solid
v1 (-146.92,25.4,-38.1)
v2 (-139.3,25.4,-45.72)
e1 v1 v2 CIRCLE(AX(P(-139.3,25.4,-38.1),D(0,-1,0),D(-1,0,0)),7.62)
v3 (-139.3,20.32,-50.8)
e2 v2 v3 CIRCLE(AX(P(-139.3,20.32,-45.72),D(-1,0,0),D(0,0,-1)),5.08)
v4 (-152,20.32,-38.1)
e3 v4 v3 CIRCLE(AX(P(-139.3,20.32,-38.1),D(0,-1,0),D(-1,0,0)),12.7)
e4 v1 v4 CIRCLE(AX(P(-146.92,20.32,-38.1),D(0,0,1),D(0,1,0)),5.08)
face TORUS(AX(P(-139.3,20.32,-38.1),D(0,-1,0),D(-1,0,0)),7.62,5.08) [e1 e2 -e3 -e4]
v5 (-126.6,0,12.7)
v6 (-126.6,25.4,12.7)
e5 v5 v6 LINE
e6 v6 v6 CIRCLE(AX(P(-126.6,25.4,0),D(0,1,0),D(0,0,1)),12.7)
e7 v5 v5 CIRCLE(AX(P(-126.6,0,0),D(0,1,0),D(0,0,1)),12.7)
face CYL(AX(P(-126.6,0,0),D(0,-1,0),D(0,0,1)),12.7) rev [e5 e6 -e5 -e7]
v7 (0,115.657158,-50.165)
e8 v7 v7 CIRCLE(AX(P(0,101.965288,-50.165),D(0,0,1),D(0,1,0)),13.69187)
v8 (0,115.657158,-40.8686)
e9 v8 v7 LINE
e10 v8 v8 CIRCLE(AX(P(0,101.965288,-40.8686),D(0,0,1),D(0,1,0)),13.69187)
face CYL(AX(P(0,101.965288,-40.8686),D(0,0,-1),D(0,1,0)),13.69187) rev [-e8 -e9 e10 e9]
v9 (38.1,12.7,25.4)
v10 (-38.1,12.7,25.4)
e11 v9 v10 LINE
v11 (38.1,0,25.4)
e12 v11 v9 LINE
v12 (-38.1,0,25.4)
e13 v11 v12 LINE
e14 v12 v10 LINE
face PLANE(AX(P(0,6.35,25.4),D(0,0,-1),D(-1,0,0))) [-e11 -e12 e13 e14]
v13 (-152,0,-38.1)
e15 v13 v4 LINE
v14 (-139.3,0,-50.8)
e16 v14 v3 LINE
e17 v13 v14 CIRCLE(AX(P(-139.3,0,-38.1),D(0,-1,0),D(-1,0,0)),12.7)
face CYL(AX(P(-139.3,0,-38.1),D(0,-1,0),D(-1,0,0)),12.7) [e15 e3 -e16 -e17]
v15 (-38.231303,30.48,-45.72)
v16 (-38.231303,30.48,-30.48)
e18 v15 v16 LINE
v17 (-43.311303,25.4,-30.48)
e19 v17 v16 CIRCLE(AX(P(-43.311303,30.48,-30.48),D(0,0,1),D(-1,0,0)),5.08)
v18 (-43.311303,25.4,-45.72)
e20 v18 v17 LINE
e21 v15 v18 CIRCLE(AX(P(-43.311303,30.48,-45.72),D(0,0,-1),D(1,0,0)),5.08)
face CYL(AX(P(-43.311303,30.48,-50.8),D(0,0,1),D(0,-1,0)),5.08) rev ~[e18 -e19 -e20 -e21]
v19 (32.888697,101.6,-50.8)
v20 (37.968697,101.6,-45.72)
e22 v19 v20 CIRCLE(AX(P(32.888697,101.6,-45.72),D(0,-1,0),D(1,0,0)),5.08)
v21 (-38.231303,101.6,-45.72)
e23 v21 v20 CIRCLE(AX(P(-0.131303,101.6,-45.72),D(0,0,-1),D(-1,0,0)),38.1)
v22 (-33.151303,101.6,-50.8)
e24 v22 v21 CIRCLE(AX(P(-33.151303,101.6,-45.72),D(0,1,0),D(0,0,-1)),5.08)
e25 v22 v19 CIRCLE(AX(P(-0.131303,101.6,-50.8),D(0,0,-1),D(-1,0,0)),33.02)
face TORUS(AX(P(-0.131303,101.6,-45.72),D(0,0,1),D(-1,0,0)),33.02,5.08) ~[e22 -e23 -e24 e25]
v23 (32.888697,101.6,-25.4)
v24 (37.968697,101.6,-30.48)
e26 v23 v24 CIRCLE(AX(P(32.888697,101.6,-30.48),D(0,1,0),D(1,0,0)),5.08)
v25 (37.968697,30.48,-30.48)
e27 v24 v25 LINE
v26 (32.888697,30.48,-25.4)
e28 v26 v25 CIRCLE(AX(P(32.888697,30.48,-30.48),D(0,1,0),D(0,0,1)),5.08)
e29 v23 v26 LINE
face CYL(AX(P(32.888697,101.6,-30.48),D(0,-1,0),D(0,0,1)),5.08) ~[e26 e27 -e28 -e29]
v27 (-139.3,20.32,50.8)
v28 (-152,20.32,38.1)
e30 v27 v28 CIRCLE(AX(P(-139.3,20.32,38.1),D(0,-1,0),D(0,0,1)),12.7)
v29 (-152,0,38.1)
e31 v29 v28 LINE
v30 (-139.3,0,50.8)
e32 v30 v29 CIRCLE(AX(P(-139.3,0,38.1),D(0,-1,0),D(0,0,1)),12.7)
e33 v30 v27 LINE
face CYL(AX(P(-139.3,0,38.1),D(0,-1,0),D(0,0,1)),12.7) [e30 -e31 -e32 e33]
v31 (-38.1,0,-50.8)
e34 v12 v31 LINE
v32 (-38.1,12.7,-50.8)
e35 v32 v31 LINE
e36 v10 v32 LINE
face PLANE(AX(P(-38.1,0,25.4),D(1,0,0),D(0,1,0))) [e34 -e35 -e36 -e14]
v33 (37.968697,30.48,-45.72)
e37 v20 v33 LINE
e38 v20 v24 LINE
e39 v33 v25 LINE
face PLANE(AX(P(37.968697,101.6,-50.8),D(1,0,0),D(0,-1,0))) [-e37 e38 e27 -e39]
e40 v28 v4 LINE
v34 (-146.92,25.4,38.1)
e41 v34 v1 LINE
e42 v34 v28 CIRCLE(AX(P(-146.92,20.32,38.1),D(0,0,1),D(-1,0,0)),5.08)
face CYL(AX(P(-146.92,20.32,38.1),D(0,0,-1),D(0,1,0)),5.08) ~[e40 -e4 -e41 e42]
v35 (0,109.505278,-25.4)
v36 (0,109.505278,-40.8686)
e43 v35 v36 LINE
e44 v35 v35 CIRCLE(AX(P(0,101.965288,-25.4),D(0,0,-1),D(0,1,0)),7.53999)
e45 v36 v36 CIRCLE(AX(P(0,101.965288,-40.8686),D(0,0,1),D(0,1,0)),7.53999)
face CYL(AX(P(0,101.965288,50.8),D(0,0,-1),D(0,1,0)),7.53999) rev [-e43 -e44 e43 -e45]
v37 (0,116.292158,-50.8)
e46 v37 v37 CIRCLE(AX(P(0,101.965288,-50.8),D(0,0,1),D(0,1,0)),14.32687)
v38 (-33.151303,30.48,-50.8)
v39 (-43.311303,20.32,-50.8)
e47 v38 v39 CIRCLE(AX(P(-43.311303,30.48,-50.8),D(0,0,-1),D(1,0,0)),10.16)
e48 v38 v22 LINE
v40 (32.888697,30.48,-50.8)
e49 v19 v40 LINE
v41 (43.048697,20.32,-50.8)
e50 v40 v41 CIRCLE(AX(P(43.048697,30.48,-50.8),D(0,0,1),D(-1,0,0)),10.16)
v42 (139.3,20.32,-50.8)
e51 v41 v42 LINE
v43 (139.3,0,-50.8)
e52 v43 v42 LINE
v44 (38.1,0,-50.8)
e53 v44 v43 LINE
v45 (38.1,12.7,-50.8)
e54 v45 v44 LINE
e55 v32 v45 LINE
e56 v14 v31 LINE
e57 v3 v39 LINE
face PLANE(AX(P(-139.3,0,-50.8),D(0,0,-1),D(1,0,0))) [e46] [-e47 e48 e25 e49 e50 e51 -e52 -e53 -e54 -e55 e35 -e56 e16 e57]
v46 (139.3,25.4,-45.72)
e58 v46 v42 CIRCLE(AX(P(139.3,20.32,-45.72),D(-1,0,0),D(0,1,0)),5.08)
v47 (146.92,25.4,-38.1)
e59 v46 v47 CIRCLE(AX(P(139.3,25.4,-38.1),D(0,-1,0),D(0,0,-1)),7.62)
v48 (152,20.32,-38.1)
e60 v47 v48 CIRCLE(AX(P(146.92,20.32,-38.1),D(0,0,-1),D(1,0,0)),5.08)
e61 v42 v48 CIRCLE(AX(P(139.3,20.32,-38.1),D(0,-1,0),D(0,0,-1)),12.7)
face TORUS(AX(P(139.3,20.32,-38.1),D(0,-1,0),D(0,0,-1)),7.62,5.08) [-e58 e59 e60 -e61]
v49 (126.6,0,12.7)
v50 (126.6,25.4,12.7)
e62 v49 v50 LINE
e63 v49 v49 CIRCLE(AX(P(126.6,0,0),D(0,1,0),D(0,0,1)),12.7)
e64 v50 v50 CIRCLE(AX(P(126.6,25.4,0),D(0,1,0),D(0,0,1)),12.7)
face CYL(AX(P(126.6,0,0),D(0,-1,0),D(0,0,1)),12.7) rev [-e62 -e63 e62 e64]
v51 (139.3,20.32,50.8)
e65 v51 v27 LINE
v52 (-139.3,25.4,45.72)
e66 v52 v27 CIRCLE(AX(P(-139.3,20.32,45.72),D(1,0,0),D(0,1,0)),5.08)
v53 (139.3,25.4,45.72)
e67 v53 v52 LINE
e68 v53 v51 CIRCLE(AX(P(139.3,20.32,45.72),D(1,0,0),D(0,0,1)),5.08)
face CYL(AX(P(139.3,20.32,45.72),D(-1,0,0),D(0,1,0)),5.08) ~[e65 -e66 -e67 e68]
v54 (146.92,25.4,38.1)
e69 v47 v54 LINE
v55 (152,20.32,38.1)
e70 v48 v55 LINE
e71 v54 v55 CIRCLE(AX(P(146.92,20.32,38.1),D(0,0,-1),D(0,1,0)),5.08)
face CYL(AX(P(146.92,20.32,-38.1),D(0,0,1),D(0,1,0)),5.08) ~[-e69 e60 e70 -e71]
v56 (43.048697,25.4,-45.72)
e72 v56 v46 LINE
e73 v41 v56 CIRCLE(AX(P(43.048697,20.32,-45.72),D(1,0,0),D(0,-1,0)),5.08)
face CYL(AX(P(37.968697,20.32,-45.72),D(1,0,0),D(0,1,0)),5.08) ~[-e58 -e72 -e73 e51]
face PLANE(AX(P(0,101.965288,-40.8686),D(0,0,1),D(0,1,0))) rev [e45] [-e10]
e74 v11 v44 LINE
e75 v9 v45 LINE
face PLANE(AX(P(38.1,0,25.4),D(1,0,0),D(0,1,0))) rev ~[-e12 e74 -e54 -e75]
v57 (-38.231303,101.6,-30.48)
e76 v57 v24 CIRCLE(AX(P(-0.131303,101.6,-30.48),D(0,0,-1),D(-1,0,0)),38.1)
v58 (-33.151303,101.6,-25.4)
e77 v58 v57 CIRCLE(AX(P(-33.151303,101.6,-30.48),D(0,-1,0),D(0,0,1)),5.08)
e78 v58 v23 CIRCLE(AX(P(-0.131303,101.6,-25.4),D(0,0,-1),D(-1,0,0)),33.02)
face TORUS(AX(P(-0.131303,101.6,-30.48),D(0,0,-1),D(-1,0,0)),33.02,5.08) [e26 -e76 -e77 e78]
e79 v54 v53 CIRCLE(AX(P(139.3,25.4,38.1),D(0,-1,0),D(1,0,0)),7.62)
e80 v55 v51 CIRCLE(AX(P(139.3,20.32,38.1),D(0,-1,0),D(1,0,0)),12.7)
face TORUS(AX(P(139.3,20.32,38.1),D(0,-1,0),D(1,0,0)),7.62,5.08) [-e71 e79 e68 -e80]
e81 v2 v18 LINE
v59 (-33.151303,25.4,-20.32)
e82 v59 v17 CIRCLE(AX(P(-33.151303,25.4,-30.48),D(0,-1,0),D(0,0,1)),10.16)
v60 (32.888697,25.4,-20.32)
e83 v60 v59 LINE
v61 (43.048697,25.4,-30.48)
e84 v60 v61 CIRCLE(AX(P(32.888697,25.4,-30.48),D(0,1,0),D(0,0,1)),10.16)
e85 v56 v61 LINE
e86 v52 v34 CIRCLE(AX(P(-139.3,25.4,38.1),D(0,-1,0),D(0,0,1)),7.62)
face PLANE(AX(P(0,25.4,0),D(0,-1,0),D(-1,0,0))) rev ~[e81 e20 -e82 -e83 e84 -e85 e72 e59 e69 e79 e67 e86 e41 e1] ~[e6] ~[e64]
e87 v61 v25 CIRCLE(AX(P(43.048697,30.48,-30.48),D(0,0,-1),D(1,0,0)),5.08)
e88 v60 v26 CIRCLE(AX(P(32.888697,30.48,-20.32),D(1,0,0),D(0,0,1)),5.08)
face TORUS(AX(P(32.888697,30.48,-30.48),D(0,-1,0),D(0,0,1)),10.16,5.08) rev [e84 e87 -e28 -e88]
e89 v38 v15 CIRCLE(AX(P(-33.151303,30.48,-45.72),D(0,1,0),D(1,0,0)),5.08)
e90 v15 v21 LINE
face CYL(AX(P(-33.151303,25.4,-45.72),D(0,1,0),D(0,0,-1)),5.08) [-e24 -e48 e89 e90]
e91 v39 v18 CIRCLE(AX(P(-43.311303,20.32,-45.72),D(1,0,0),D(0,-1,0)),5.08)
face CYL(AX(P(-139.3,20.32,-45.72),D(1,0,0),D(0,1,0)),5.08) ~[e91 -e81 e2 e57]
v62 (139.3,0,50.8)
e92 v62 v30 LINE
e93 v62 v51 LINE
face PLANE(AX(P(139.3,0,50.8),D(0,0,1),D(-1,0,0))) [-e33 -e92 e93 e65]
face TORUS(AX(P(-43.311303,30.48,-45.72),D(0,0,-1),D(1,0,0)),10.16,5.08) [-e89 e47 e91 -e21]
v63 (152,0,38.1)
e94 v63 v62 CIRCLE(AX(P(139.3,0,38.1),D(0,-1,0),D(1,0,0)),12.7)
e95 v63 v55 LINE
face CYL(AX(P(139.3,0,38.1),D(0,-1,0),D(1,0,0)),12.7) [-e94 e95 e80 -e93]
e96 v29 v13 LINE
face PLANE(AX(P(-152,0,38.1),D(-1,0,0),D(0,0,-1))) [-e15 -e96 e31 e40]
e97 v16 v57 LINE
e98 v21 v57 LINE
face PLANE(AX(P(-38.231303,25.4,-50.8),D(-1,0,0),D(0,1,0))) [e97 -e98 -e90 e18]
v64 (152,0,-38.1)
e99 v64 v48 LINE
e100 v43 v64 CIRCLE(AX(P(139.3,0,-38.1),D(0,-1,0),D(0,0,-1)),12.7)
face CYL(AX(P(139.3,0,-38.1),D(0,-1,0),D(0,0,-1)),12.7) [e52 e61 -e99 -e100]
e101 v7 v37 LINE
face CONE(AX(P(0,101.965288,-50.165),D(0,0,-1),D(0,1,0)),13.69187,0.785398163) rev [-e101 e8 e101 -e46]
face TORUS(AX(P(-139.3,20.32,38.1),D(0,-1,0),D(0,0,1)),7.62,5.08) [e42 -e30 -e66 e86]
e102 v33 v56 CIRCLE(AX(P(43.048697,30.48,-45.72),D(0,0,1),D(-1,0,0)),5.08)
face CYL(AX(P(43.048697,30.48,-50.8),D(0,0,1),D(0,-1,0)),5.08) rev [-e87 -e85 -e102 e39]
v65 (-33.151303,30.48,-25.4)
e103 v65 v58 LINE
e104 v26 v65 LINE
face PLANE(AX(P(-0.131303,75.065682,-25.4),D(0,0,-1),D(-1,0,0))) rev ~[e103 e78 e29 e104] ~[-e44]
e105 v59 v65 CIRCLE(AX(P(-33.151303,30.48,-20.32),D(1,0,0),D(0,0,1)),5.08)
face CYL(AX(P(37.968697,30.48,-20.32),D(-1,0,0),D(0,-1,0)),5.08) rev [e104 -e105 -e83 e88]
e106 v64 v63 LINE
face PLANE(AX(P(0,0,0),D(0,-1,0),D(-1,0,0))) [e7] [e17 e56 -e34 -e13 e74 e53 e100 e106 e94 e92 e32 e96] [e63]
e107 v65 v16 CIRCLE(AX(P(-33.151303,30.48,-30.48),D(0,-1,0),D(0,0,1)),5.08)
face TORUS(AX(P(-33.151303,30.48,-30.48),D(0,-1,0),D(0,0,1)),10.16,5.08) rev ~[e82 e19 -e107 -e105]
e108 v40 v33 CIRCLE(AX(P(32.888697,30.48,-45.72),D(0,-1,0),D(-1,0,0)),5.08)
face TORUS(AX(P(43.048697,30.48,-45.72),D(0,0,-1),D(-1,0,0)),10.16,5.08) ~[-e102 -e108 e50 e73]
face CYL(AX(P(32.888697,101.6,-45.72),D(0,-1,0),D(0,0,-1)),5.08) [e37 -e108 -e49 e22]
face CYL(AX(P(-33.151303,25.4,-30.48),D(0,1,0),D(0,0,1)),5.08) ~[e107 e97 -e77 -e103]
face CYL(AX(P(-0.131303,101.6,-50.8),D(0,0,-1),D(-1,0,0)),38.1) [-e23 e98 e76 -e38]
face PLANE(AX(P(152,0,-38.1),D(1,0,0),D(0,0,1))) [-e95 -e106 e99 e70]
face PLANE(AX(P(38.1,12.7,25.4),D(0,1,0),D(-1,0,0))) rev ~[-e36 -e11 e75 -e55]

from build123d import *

# Parameters (mm, degrees)
CROQUIS2_R                 = 12.7
SALIENTE_EXTRUIR1_DEPTH    = 25.4
CORTAR_EXTRUIR1_DEPTH      = 185.585264851
CORTAR_EXTRUIR1_DEPTH_BACK = 76.2
CROQUIS7_W                 = 76.2
CROQUIS7_H                 = 12.7
SALIENTE_EXTRUIR2_DEPTH    = 25.4
REDONDEO1_R                = 5.08


with BuildPart() as part:
    # Croquis2 → Saliente-Extruir1 (new body)
    with BuildSketch(Plane(origin=(0, 0, 0), x_dir=(1, 0, 0), z_dir=(0, 1, 0))):
        with BuildLine():
            Line((139.3, -50.8), (-139.3, -50.8))
            ThreePointArc((-139.3, -50.8), (-148.280256121, -47.080256121), (-152, -38.1))
            Line((-152, -38.1), (-152, 38.1))
            ThreePointArc((-152, 38.1), (-148.280256121, 47.080256121), (-139.3, 50.8))
            Line((-139.3, 50.8), (139.3, 50.8))
            ThreePointArc((139.3, 50.8), (148.280256121, 47.080256121), (152, 38.1))
            Line((152, 38.1), (152, -38.1))
            ThreePointArc((152, -38.1), (148.280256121, -47.080256121), (139.3, -50.8))
        make_face()
        with Locations(Location((-126.6, 0, 0), (0, 0, 270))):
            Circle(CROQUIS2_R, mode=Mode.SUBTRACT)
        with Locations(Location((126.6, 0, 0), (0, 0, 270))):
            Circle(CROQUIS2_R, mode=Mode.SUBTRACT)
    extrude(amount=SALIENTE_EXTRUIR1_DEPTH)

    # Croquis7 → Cortar-Extruir1 (cut, two sides: drawn at the far end of the back side and taken through both)
    with BuildSketch(Plane(origin=(0, 0, -50.8), x_dir=(-1, 0, 0), z_dir=(0, 0, -1)).offset(-CORTAR_EXTRUIR1_DEPTH_BACK)):
        with Locations((0, 6.35)):
            Rectangle(CROQUIS7_W, CROQUIS7_H)
    extrude(amount=CORTAR_EXTRUIR1_DEPTH + CORTAR_EXTRUIR1_DEPTH_BACK, mode=Mode.SUBTRACT)

    # Croquis9 → Saliente-Extruir2 (add)
    with BuildSketch(Plane(origin=(0, 0, -50.8), x_dir=(-1, 0, 0), z_dir=(0, 0, -1))):
        with BuildLine():
            Line((-37.968696545, 101.6), (-37.968696545, 25.4))
            Line((-37.968696545, 25.4), (38.231303455, 25.4))
            Line((38.231303455, 25.4), (38.231303455, 101.6))
            ThreePointArc((38.231303455, 101.6), (0.131303455, 139.7), (-37.968696545, 101.6))
        make_face()
    extrude(amount=-SALIENTE_EXTRUIR2_DEPTH)

    # Croquis11 → Refrentado para tornillo con cabeza troncocónica de 9/162 (revolve, cut)
    with BuildSketch(Plane(origin=(0, 101.965288162, -50.8), x_dir=(0, 1, 0), z_dir=(1, 0, 0))):
        Polygon((0, 0), (0, 101.6), (7.53999, 101.6), (7.53999, 9.9314), (13.69187, 9.9314), (13.69187, 0.635), (14.32687, 0), align=None)
    revolve(axis=Axis((0, 101.965288162, -57.15), (0, 0, 1)), mode=Mode.SUBTRACT)

    # Redondeo1
    redondeo1_edges = [part.edges().sort_by_distance(p)[0] for p in [
        (148.280256121, 25.4, -47.080256121),
        (88.634348272, 25.4, -50.8),
        (-148.280256121, 25.4, -47.080256121),
        (-152, 25.4, 0),
        (-148.280256121, 25.4, 47.080256121),
        (0, 25.4, 50.8),
        (-88.765651728, 25.4, -50.8),
        (-38.231303455, 63.5, -25.4),
        (-0.131303455, 25.4, -25.4),
        (-38.231303455, 25.4, -38.1),
        (37.968696545, 63.5, -25.4),
        (37.968696545, 25.4, -38.1),
        (-0.131303455, 139.7, -25.4),
        (-38.231303455, 63.5, -50.8),
        (-0.131303455, 139.7, -50.8),
        (37.968696545, 63.5, -50.8),
        (148.280256121, 25.4, 47.080256121),
        (152, 25.4, 0),
    ]]
    fillet(redondeo1_edges, radius=REDONDEO1_R)


solid = part.part
